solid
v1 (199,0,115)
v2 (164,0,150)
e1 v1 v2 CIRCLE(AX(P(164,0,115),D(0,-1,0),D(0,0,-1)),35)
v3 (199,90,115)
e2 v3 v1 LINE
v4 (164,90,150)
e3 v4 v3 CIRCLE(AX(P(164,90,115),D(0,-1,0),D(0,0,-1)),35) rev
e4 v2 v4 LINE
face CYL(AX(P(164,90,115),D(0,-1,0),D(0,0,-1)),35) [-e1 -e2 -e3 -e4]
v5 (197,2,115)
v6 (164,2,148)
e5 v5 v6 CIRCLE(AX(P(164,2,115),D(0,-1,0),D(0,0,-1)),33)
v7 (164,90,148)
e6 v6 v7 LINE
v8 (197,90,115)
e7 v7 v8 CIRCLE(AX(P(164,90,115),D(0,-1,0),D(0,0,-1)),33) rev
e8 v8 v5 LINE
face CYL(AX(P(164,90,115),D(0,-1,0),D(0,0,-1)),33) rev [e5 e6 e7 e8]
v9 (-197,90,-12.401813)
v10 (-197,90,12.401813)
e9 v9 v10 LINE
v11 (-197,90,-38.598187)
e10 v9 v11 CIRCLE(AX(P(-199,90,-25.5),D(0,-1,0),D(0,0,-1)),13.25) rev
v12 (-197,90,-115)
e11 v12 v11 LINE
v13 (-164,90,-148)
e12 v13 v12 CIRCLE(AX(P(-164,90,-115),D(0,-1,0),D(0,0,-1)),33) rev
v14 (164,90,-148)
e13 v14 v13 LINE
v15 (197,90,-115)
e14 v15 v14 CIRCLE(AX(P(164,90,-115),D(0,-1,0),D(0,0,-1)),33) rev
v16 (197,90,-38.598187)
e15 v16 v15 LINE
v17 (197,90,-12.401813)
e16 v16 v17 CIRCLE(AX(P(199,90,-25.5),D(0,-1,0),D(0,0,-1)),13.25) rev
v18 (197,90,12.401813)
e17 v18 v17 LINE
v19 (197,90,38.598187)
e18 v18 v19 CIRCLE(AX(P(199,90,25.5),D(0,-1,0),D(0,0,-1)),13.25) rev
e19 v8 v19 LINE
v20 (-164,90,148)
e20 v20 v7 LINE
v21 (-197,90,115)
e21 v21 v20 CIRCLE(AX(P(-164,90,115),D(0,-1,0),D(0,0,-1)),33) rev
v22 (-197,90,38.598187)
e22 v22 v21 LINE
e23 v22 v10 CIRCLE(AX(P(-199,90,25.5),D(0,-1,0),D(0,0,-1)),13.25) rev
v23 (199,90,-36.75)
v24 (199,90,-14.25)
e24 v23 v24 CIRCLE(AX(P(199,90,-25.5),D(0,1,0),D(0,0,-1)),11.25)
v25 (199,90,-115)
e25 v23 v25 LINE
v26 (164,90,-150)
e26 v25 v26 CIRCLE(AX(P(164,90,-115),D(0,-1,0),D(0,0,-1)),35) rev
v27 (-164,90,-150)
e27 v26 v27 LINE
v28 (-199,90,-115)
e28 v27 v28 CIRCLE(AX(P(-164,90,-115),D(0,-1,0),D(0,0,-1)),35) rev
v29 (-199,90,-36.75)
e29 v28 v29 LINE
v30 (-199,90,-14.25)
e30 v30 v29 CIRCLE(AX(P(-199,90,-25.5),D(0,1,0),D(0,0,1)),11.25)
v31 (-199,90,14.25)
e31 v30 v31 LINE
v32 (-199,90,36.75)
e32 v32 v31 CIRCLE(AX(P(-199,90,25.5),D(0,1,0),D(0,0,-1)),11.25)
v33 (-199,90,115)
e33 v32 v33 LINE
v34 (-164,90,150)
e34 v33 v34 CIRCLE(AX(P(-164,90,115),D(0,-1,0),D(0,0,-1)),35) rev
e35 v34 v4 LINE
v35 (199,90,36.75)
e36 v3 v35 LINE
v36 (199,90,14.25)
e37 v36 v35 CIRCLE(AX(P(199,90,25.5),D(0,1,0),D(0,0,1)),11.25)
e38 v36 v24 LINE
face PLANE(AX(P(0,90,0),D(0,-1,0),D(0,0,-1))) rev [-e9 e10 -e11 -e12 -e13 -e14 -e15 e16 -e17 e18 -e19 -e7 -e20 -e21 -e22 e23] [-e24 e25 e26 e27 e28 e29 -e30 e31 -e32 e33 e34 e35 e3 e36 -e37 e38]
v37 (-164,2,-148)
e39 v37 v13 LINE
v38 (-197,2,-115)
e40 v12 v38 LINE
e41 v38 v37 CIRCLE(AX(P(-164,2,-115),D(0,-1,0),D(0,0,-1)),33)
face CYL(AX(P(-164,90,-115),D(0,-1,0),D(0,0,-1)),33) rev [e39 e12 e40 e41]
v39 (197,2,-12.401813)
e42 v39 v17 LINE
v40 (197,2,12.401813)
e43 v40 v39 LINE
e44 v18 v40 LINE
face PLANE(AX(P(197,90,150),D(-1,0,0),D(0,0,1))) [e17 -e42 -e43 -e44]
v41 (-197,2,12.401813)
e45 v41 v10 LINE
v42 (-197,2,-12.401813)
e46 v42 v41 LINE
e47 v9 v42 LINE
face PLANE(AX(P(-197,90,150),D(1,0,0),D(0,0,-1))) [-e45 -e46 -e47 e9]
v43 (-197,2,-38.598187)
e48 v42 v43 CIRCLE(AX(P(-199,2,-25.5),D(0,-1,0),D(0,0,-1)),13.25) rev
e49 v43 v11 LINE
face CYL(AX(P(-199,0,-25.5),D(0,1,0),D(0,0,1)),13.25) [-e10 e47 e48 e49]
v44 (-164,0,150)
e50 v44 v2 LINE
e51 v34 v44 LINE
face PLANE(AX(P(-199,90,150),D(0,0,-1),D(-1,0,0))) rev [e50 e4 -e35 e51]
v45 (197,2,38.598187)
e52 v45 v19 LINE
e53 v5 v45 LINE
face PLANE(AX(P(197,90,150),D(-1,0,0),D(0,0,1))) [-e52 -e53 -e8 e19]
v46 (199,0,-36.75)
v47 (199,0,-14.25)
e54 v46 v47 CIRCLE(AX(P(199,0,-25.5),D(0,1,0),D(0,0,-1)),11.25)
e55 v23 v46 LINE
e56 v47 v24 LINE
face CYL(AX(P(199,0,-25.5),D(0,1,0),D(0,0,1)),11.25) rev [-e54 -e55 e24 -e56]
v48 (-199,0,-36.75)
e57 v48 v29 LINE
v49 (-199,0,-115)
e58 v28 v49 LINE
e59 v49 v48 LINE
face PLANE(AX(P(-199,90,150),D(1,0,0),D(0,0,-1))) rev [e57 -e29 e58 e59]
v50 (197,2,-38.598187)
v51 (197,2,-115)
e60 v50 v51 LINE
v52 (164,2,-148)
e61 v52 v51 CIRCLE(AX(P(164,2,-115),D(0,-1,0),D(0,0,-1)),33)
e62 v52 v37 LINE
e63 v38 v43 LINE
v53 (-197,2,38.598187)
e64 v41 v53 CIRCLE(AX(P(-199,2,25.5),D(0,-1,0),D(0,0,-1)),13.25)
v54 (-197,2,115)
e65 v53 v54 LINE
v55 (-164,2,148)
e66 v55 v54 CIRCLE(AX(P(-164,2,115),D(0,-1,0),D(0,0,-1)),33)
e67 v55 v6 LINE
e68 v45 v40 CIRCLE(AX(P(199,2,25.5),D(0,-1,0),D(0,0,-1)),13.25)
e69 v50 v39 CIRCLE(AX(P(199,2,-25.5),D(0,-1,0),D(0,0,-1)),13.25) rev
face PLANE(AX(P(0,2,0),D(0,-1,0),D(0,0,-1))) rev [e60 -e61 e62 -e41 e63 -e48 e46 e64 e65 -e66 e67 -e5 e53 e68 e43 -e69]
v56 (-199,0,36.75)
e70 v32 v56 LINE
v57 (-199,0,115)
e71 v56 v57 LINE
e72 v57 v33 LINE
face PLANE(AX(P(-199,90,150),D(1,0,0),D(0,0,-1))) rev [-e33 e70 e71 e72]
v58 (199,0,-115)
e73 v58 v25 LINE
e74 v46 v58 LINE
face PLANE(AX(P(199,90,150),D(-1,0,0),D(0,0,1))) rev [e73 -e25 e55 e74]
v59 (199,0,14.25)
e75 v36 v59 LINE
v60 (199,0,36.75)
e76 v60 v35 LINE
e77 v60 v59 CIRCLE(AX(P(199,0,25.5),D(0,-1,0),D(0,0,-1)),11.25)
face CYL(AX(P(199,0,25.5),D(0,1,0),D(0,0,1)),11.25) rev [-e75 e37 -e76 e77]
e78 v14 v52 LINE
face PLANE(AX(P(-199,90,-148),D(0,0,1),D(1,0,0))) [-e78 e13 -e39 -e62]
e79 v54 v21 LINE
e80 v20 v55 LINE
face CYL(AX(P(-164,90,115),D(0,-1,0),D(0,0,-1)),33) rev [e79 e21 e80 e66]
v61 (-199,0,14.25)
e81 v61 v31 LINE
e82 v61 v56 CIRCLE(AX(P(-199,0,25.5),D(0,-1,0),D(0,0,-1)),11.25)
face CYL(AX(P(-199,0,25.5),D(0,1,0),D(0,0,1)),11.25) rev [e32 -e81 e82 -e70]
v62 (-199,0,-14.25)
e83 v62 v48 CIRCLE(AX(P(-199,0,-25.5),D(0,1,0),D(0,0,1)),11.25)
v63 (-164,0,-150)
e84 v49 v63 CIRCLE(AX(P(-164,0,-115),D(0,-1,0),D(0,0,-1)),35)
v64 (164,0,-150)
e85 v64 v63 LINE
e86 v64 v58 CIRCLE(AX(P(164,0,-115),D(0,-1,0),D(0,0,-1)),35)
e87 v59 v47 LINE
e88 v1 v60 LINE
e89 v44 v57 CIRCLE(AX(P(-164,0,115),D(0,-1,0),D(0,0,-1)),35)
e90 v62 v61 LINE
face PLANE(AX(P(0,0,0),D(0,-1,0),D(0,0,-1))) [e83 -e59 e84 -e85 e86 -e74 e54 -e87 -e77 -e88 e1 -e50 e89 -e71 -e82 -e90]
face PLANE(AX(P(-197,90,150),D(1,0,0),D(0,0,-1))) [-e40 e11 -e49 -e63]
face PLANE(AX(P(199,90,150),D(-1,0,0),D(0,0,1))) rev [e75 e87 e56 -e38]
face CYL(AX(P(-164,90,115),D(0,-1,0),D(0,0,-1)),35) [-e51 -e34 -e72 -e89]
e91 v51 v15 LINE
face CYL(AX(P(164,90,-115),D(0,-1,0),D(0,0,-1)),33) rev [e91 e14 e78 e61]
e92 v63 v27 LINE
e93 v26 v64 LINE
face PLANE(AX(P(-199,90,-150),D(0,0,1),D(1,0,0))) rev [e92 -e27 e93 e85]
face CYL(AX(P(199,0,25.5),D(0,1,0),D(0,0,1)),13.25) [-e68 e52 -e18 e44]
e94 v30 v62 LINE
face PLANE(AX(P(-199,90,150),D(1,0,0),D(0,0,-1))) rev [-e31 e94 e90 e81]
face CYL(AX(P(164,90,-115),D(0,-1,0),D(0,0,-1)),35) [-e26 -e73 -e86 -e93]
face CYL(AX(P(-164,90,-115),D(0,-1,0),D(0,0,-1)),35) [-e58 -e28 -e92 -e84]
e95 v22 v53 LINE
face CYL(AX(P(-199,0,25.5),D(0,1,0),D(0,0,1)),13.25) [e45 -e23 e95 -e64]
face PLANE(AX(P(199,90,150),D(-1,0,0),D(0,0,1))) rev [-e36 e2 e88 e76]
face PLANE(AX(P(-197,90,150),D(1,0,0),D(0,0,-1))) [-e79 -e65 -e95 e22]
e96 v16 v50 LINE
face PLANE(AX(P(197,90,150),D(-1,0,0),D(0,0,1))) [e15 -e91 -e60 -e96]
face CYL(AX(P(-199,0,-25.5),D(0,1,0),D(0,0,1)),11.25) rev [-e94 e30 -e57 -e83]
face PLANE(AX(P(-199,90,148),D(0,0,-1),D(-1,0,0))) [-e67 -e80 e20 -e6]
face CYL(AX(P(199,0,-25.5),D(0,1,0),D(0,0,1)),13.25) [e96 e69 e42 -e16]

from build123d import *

# Parameters (mm, degrees)
SKETCH_1_W          = 398
SKETCH_1_H          = 300
EXTRUDE_1_DEPTH     = 90
FILLET_1_R          = 35
SKETCH_2_R          = 11.25
CUT_EXTRUDE_1_DEPTH = 90
SHELL_1_T           = -2


with BuildPart() as part:
    # 草图1 → 凸台-拉伸1 (new body)
    with BuildSketch(Plane(origin=(0, 0, 0), x_dir=(1, 0, 0), z_dir=(0, 1, 0))):
        Rectangle(SKETCH_1_W, SKETCH_1_H)
    extrude(amount=EXTRUDE_1_DEPTH)

    # 圆角1
    fillet_1_edges = [part.edges().sort_by_distance(p)[0] for p in [
        (199, 45, 150),
        (-199, 45, 150),
        (-199, 45, -150),
        (199, 45, -150),
    ]]
    fillet(fillet_1_edges, radius=FILLET_1_R)

    # 草图2 → 切除-拉伸1 (cut)
    with BuildSketch(Plane(origin=(0, 90, 0), x_dir=(1, 0, 0), z_dir=(0, 1, 0))):
        with Locations((-199, 25.5)):
            Circle(SKETCH_2_R)
        with Locations((-199, -25.5)):
            Circle(SKETCH_2_R)
        with Locations((199, -25.5)):
            Circle(SKETCH_2_R)
        with Locations((199, 25.5)):
            Circle(SKETCH_2_R)
    extrude(amount=-CUT_EXTRUDE_1_DEPTH, mode=Mode.SUBTRACT)

    # 抽壳1
    shell_1_openings = [part.faces().sort_by_distance(p)[0] for p in [
        (0, 90, 0),
    ]]
    offset(amount=SHELL_1_T, openings=shell_1_openings, kind=Kind.INTERSECTION)


solid = part.part
